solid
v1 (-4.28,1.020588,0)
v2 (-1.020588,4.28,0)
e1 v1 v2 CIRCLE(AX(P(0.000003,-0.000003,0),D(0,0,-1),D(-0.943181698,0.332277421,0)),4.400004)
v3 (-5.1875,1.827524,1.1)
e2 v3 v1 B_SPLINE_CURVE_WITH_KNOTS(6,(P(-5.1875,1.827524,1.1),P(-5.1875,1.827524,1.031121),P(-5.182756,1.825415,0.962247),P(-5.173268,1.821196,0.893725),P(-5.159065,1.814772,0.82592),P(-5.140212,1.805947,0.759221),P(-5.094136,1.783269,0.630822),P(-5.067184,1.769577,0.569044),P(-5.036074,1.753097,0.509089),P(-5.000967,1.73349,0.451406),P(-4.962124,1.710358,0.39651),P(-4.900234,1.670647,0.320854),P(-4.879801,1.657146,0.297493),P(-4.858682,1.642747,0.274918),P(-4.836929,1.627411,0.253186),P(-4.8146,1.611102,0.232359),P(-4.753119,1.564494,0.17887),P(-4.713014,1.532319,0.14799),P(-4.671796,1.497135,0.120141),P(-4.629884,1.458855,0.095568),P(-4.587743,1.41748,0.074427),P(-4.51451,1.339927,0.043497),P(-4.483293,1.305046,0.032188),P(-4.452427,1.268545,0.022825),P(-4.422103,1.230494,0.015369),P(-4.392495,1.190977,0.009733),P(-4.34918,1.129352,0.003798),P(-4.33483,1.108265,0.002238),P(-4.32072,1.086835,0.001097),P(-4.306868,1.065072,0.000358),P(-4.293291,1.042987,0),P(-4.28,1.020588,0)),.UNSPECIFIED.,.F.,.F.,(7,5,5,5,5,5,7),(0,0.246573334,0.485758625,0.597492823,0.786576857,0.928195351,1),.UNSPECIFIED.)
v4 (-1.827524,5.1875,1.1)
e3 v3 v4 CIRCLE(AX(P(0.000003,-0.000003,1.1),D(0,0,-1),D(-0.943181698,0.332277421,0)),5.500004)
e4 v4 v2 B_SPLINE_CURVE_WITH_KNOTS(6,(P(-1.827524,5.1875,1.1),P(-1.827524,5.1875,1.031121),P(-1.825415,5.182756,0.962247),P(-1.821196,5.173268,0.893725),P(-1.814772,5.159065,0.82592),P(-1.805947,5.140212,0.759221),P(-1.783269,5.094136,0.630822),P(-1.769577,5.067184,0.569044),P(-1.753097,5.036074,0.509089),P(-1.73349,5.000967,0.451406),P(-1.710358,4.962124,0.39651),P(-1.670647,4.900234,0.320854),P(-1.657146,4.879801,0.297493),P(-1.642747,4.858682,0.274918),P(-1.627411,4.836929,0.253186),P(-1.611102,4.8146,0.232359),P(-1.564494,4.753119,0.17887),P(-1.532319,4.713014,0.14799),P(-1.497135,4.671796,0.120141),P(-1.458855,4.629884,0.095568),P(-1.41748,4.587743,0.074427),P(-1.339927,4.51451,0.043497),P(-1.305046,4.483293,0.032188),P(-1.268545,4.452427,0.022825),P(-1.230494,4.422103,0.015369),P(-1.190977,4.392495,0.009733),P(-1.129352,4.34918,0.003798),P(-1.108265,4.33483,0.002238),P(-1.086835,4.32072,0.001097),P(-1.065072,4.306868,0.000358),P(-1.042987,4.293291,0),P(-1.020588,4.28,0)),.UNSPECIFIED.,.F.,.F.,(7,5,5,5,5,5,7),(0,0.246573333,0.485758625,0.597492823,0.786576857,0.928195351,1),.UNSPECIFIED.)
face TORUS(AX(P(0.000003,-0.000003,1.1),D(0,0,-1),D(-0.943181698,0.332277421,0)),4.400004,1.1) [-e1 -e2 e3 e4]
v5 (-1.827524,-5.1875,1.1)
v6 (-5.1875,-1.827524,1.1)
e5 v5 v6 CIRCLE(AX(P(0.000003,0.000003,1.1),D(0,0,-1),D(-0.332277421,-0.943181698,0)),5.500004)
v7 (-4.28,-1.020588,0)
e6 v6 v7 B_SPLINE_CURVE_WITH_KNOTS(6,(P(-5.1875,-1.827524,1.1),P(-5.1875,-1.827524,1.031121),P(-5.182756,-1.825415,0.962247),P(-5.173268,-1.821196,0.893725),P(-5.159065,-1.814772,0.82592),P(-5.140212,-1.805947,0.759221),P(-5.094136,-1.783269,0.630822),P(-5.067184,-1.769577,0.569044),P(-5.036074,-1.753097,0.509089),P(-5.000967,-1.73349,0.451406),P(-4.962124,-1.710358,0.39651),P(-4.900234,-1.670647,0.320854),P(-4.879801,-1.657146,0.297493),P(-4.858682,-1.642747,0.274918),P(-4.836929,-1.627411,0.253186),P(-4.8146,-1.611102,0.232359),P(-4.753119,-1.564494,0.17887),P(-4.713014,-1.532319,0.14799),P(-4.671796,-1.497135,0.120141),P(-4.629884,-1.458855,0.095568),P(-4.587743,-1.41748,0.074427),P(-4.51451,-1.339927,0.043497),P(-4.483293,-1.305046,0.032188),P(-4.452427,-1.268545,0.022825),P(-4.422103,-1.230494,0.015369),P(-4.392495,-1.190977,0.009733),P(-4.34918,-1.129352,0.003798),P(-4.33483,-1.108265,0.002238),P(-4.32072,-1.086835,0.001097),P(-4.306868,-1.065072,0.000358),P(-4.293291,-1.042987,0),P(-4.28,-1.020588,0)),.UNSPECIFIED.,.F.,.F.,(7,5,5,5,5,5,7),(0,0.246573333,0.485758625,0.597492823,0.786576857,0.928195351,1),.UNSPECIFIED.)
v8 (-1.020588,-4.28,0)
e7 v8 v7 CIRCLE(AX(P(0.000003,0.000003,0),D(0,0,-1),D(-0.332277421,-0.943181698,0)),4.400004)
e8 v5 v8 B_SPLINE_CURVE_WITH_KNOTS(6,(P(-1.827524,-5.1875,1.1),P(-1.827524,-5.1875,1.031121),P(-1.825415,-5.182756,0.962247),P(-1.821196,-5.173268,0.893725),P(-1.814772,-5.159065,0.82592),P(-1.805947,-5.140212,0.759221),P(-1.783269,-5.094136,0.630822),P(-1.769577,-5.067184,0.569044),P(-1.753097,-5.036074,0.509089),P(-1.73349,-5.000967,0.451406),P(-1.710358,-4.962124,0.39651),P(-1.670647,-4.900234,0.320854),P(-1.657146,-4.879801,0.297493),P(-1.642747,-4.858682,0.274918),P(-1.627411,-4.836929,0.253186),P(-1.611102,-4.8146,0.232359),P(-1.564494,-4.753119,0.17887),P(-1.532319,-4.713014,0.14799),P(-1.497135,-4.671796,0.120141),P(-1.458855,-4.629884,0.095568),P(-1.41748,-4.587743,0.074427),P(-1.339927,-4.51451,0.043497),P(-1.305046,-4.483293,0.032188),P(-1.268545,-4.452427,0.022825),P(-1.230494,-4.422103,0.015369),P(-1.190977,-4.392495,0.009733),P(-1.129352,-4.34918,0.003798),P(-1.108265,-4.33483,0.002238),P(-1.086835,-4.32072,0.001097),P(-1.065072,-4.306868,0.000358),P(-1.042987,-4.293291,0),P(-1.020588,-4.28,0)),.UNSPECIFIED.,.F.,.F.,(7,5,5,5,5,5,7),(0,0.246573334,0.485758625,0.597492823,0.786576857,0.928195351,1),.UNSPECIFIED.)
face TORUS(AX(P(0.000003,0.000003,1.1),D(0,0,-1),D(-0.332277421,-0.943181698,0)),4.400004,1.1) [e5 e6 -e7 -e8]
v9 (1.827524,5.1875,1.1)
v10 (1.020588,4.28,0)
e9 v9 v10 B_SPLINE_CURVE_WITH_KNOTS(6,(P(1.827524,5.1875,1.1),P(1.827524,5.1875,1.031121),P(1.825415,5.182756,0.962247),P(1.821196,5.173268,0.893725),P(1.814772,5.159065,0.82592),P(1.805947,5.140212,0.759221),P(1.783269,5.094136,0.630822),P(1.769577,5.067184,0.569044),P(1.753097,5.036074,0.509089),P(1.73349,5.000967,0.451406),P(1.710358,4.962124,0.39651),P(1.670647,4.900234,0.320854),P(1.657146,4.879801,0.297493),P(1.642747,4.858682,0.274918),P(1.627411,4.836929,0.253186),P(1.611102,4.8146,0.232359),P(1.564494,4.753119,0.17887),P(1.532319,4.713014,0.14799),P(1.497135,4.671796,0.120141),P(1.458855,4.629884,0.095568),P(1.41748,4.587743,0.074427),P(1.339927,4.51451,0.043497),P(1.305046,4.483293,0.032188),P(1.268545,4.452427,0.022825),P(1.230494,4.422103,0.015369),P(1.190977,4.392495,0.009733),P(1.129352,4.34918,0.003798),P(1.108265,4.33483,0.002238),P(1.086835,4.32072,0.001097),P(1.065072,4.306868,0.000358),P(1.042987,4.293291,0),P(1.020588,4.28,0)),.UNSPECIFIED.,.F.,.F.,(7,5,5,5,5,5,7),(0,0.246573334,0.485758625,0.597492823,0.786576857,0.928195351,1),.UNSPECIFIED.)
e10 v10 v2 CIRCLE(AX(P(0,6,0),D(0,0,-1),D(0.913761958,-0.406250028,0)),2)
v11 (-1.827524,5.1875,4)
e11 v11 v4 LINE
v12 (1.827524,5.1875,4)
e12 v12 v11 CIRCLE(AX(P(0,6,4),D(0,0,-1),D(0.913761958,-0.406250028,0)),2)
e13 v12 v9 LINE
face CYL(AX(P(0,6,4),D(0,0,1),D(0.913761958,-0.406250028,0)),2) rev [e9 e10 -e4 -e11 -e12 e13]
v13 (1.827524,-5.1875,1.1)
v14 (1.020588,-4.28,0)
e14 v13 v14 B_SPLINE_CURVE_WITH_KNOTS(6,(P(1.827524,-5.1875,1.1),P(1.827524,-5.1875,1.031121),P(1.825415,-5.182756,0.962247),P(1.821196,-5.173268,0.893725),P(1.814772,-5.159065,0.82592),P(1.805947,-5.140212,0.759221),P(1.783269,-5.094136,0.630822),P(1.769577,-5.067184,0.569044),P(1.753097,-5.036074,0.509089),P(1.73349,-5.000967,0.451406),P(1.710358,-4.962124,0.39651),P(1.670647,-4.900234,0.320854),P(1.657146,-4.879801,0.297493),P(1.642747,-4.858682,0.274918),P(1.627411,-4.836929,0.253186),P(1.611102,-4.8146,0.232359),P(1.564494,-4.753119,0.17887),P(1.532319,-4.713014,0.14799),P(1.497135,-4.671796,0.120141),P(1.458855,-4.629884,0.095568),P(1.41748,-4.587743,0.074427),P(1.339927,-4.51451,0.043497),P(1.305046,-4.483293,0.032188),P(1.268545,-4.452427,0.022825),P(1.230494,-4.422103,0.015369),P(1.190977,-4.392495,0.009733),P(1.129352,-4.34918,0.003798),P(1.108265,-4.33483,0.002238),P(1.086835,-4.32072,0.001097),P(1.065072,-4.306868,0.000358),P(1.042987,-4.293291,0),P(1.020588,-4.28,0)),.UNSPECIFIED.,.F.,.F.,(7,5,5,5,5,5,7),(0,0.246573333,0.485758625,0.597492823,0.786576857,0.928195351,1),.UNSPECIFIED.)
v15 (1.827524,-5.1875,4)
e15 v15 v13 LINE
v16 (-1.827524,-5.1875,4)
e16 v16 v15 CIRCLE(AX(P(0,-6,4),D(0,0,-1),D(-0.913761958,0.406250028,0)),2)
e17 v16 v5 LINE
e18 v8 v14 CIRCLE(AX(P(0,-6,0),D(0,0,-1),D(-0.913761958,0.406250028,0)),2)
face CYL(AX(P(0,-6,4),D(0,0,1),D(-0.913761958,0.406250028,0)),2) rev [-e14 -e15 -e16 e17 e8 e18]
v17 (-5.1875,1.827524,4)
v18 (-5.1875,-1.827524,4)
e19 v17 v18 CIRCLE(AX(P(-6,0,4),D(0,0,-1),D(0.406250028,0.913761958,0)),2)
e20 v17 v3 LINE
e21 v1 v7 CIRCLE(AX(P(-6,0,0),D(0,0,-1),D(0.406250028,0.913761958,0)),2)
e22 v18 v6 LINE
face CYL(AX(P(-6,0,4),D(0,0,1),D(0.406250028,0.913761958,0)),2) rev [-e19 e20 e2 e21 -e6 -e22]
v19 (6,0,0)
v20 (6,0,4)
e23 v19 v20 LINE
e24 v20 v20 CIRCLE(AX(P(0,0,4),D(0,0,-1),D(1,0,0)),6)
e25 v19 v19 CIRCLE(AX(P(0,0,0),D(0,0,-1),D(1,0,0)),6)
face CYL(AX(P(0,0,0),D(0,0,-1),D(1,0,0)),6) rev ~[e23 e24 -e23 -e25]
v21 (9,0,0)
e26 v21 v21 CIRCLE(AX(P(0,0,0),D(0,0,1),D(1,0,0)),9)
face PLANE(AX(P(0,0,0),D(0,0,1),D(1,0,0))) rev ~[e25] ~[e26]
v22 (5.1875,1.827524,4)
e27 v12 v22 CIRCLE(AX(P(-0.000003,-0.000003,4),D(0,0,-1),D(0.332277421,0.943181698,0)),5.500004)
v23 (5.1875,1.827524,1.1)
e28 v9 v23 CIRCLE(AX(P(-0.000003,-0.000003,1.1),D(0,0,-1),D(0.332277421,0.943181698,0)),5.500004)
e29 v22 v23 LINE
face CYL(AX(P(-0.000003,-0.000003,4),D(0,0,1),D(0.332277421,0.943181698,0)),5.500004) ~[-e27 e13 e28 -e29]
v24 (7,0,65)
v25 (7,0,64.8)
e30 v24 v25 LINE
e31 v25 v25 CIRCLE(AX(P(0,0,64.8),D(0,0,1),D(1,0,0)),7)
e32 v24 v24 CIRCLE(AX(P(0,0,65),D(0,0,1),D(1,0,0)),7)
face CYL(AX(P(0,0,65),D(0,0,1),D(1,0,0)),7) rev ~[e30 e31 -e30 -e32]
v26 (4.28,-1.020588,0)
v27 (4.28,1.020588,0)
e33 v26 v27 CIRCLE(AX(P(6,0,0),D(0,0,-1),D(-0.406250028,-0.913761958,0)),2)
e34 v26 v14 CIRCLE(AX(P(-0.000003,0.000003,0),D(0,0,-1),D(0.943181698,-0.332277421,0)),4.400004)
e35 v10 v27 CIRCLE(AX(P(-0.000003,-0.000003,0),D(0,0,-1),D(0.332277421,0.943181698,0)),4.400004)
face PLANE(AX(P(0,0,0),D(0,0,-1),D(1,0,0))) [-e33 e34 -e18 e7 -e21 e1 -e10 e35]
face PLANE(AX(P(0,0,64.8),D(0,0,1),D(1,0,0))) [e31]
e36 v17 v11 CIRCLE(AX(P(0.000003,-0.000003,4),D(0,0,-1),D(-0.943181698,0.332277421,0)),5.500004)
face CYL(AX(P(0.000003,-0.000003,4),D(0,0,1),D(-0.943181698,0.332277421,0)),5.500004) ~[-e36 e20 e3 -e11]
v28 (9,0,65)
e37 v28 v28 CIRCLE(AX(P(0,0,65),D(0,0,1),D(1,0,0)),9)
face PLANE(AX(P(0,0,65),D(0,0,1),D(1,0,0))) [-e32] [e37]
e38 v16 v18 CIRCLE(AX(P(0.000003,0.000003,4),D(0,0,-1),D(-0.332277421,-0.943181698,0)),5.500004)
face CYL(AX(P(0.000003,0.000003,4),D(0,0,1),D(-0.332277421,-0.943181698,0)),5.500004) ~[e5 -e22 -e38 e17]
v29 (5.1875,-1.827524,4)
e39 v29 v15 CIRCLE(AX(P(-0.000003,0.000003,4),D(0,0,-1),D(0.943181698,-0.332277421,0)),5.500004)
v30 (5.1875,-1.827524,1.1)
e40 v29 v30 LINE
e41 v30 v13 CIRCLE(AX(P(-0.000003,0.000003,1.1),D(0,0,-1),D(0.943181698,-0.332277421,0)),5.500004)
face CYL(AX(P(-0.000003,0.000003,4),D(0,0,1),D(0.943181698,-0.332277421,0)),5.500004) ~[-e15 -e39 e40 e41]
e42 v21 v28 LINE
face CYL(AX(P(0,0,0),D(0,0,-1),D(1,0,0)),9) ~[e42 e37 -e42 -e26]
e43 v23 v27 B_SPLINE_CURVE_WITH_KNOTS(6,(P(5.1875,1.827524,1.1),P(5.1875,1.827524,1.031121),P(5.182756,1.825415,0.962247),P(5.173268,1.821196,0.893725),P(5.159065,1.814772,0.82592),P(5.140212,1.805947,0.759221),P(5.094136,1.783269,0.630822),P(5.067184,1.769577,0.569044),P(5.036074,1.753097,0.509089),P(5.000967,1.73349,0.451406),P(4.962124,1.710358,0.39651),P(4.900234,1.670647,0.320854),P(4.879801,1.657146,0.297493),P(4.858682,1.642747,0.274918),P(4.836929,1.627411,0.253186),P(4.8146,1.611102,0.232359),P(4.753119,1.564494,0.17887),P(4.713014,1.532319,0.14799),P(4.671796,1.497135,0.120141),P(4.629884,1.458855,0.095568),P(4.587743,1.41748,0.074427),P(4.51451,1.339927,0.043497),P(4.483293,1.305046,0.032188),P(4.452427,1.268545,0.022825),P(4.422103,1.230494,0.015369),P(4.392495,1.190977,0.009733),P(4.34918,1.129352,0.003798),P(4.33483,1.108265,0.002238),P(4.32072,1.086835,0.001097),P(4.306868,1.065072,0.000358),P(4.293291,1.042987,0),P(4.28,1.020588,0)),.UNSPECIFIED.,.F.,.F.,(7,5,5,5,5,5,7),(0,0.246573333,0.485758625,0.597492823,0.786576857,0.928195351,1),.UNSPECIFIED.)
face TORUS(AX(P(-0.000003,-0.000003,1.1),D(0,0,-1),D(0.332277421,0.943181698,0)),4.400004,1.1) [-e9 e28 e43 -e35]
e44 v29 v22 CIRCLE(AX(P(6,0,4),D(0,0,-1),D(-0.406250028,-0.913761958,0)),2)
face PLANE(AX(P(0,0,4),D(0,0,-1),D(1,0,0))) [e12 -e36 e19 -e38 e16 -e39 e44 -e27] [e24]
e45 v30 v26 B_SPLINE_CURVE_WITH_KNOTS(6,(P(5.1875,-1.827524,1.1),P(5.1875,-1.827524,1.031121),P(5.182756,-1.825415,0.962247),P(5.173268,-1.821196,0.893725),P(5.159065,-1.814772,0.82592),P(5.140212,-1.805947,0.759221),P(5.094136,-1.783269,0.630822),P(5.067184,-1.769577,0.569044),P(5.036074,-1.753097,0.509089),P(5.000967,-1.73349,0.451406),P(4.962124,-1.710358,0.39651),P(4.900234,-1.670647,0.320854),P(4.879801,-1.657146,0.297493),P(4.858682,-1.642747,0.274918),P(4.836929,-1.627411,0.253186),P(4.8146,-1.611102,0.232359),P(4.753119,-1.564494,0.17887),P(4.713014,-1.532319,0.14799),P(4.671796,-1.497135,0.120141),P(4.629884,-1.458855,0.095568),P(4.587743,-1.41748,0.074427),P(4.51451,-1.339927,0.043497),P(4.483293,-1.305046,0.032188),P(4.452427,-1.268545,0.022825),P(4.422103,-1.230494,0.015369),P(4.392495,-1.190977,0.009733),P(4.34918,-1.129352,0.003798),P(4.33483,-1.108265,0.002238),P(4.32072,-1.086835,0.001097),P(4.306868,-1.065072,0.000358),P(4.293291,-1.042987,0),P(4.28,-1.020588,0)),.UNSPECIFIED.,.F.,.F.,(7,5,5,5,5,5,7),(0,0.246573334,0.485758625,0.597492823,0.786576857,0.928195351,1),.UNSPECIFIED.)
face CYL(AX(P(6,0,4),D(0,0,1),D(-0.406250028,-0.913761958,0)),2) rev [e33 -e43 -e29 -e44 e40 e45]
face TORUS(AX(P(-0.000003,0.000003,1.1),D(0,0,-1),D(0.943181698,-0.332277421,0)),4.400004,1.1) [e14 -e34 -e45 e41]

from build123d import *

# Parameters (mm, degrees)
CYLINDER_R      = 9
CYLINDER_DEPTH  = 65
SKETCH_R        = 7
POCKET_DEPTH    = 0.2
SKETCH001_R     = 6
POCKET001_DEPTH = 4
PAD_DEPTH       = 4
FILLET_R        = 1.1


with BuildPart() as part:
    # Cylinder → Cylinder (new body)
    with BuildSketch(Plane.XY):
        Circle(CYLINDER_R)
    extrude(amount=CYLINDER_DEPTH)

    # Sketch (on Face3 of BaseFeature) → Pocket (cut)
    with BuildSketch(Plane.XY.offset(65)):
        Circle(SKETCH_R)
    extrude(amount=-POCKET_DEPTH, mode=Mode.SUBTRACT)

    # Sketch001 (on Face2 of Pocket) → Pocket001 (cut)
    with BuildSketch(Plane(origin=(0, 0, 0), x_dir=(1, 0, 0), z_dir=(0, 0, -1))):
        Circle(SKETCH001_R)
    extrude(amount=-POCKET001_DEPTH, mode=Mode.SUBTRACT)

    # Sketch002 (on Face6 of Pocket001) → Pad (join)
    with BuildSketch(Plane(origin=(0, 0, 4), x_dir=(1, 0, 0), z_dir=(0, 0, -1))):
        with BuildLine():
            ThreePointArc((-5.1875, -1.827524), (-3.889087, -3.889087), (-1.827524, -5.1875))
            ThreePointArc((1.827524, -5.1875), (0, -4), (-1.827524, -5.1875))
            ThreePointArc((1.827524, -5.1875), (3.889087, -3.889087), (5.1875, -1.827524))
            ThreePointArc((5.1875, 1.827524), (4, 0), (5.1875, -1.827524))
            ThreePointArc((5.1875, 1.827524), (3.889087, 3.889087), (1.827524, 5.1875))
            ThreePointArc((-1.827524, 5.1875), (0, 4), (1.827524, 5.1875))
            ThreePointArc((-1.827524, 5.1875), (-3.889087, 3.889087), (-5.1875, 1.827524))
            ThreePointArc((-5.1875, -1.827524), (-4, 0), (-5.1875, 1.827524))
        make_face()
    extrude(amount=PAD_DEPTH)

    # Fillet
    fillet_edges = [part.edges().sort_by_distance(p)[0] for p in [
        (-3.889087, 3.889087, 0),
        (3.889087, 3.889087, 0),
        (3.889087, -3.889087, 0),
        (-3.889087, -3.889087, 0),
    ]]
    fillet(fillet_edges, radius=FILLET_R)


solid = part.part
